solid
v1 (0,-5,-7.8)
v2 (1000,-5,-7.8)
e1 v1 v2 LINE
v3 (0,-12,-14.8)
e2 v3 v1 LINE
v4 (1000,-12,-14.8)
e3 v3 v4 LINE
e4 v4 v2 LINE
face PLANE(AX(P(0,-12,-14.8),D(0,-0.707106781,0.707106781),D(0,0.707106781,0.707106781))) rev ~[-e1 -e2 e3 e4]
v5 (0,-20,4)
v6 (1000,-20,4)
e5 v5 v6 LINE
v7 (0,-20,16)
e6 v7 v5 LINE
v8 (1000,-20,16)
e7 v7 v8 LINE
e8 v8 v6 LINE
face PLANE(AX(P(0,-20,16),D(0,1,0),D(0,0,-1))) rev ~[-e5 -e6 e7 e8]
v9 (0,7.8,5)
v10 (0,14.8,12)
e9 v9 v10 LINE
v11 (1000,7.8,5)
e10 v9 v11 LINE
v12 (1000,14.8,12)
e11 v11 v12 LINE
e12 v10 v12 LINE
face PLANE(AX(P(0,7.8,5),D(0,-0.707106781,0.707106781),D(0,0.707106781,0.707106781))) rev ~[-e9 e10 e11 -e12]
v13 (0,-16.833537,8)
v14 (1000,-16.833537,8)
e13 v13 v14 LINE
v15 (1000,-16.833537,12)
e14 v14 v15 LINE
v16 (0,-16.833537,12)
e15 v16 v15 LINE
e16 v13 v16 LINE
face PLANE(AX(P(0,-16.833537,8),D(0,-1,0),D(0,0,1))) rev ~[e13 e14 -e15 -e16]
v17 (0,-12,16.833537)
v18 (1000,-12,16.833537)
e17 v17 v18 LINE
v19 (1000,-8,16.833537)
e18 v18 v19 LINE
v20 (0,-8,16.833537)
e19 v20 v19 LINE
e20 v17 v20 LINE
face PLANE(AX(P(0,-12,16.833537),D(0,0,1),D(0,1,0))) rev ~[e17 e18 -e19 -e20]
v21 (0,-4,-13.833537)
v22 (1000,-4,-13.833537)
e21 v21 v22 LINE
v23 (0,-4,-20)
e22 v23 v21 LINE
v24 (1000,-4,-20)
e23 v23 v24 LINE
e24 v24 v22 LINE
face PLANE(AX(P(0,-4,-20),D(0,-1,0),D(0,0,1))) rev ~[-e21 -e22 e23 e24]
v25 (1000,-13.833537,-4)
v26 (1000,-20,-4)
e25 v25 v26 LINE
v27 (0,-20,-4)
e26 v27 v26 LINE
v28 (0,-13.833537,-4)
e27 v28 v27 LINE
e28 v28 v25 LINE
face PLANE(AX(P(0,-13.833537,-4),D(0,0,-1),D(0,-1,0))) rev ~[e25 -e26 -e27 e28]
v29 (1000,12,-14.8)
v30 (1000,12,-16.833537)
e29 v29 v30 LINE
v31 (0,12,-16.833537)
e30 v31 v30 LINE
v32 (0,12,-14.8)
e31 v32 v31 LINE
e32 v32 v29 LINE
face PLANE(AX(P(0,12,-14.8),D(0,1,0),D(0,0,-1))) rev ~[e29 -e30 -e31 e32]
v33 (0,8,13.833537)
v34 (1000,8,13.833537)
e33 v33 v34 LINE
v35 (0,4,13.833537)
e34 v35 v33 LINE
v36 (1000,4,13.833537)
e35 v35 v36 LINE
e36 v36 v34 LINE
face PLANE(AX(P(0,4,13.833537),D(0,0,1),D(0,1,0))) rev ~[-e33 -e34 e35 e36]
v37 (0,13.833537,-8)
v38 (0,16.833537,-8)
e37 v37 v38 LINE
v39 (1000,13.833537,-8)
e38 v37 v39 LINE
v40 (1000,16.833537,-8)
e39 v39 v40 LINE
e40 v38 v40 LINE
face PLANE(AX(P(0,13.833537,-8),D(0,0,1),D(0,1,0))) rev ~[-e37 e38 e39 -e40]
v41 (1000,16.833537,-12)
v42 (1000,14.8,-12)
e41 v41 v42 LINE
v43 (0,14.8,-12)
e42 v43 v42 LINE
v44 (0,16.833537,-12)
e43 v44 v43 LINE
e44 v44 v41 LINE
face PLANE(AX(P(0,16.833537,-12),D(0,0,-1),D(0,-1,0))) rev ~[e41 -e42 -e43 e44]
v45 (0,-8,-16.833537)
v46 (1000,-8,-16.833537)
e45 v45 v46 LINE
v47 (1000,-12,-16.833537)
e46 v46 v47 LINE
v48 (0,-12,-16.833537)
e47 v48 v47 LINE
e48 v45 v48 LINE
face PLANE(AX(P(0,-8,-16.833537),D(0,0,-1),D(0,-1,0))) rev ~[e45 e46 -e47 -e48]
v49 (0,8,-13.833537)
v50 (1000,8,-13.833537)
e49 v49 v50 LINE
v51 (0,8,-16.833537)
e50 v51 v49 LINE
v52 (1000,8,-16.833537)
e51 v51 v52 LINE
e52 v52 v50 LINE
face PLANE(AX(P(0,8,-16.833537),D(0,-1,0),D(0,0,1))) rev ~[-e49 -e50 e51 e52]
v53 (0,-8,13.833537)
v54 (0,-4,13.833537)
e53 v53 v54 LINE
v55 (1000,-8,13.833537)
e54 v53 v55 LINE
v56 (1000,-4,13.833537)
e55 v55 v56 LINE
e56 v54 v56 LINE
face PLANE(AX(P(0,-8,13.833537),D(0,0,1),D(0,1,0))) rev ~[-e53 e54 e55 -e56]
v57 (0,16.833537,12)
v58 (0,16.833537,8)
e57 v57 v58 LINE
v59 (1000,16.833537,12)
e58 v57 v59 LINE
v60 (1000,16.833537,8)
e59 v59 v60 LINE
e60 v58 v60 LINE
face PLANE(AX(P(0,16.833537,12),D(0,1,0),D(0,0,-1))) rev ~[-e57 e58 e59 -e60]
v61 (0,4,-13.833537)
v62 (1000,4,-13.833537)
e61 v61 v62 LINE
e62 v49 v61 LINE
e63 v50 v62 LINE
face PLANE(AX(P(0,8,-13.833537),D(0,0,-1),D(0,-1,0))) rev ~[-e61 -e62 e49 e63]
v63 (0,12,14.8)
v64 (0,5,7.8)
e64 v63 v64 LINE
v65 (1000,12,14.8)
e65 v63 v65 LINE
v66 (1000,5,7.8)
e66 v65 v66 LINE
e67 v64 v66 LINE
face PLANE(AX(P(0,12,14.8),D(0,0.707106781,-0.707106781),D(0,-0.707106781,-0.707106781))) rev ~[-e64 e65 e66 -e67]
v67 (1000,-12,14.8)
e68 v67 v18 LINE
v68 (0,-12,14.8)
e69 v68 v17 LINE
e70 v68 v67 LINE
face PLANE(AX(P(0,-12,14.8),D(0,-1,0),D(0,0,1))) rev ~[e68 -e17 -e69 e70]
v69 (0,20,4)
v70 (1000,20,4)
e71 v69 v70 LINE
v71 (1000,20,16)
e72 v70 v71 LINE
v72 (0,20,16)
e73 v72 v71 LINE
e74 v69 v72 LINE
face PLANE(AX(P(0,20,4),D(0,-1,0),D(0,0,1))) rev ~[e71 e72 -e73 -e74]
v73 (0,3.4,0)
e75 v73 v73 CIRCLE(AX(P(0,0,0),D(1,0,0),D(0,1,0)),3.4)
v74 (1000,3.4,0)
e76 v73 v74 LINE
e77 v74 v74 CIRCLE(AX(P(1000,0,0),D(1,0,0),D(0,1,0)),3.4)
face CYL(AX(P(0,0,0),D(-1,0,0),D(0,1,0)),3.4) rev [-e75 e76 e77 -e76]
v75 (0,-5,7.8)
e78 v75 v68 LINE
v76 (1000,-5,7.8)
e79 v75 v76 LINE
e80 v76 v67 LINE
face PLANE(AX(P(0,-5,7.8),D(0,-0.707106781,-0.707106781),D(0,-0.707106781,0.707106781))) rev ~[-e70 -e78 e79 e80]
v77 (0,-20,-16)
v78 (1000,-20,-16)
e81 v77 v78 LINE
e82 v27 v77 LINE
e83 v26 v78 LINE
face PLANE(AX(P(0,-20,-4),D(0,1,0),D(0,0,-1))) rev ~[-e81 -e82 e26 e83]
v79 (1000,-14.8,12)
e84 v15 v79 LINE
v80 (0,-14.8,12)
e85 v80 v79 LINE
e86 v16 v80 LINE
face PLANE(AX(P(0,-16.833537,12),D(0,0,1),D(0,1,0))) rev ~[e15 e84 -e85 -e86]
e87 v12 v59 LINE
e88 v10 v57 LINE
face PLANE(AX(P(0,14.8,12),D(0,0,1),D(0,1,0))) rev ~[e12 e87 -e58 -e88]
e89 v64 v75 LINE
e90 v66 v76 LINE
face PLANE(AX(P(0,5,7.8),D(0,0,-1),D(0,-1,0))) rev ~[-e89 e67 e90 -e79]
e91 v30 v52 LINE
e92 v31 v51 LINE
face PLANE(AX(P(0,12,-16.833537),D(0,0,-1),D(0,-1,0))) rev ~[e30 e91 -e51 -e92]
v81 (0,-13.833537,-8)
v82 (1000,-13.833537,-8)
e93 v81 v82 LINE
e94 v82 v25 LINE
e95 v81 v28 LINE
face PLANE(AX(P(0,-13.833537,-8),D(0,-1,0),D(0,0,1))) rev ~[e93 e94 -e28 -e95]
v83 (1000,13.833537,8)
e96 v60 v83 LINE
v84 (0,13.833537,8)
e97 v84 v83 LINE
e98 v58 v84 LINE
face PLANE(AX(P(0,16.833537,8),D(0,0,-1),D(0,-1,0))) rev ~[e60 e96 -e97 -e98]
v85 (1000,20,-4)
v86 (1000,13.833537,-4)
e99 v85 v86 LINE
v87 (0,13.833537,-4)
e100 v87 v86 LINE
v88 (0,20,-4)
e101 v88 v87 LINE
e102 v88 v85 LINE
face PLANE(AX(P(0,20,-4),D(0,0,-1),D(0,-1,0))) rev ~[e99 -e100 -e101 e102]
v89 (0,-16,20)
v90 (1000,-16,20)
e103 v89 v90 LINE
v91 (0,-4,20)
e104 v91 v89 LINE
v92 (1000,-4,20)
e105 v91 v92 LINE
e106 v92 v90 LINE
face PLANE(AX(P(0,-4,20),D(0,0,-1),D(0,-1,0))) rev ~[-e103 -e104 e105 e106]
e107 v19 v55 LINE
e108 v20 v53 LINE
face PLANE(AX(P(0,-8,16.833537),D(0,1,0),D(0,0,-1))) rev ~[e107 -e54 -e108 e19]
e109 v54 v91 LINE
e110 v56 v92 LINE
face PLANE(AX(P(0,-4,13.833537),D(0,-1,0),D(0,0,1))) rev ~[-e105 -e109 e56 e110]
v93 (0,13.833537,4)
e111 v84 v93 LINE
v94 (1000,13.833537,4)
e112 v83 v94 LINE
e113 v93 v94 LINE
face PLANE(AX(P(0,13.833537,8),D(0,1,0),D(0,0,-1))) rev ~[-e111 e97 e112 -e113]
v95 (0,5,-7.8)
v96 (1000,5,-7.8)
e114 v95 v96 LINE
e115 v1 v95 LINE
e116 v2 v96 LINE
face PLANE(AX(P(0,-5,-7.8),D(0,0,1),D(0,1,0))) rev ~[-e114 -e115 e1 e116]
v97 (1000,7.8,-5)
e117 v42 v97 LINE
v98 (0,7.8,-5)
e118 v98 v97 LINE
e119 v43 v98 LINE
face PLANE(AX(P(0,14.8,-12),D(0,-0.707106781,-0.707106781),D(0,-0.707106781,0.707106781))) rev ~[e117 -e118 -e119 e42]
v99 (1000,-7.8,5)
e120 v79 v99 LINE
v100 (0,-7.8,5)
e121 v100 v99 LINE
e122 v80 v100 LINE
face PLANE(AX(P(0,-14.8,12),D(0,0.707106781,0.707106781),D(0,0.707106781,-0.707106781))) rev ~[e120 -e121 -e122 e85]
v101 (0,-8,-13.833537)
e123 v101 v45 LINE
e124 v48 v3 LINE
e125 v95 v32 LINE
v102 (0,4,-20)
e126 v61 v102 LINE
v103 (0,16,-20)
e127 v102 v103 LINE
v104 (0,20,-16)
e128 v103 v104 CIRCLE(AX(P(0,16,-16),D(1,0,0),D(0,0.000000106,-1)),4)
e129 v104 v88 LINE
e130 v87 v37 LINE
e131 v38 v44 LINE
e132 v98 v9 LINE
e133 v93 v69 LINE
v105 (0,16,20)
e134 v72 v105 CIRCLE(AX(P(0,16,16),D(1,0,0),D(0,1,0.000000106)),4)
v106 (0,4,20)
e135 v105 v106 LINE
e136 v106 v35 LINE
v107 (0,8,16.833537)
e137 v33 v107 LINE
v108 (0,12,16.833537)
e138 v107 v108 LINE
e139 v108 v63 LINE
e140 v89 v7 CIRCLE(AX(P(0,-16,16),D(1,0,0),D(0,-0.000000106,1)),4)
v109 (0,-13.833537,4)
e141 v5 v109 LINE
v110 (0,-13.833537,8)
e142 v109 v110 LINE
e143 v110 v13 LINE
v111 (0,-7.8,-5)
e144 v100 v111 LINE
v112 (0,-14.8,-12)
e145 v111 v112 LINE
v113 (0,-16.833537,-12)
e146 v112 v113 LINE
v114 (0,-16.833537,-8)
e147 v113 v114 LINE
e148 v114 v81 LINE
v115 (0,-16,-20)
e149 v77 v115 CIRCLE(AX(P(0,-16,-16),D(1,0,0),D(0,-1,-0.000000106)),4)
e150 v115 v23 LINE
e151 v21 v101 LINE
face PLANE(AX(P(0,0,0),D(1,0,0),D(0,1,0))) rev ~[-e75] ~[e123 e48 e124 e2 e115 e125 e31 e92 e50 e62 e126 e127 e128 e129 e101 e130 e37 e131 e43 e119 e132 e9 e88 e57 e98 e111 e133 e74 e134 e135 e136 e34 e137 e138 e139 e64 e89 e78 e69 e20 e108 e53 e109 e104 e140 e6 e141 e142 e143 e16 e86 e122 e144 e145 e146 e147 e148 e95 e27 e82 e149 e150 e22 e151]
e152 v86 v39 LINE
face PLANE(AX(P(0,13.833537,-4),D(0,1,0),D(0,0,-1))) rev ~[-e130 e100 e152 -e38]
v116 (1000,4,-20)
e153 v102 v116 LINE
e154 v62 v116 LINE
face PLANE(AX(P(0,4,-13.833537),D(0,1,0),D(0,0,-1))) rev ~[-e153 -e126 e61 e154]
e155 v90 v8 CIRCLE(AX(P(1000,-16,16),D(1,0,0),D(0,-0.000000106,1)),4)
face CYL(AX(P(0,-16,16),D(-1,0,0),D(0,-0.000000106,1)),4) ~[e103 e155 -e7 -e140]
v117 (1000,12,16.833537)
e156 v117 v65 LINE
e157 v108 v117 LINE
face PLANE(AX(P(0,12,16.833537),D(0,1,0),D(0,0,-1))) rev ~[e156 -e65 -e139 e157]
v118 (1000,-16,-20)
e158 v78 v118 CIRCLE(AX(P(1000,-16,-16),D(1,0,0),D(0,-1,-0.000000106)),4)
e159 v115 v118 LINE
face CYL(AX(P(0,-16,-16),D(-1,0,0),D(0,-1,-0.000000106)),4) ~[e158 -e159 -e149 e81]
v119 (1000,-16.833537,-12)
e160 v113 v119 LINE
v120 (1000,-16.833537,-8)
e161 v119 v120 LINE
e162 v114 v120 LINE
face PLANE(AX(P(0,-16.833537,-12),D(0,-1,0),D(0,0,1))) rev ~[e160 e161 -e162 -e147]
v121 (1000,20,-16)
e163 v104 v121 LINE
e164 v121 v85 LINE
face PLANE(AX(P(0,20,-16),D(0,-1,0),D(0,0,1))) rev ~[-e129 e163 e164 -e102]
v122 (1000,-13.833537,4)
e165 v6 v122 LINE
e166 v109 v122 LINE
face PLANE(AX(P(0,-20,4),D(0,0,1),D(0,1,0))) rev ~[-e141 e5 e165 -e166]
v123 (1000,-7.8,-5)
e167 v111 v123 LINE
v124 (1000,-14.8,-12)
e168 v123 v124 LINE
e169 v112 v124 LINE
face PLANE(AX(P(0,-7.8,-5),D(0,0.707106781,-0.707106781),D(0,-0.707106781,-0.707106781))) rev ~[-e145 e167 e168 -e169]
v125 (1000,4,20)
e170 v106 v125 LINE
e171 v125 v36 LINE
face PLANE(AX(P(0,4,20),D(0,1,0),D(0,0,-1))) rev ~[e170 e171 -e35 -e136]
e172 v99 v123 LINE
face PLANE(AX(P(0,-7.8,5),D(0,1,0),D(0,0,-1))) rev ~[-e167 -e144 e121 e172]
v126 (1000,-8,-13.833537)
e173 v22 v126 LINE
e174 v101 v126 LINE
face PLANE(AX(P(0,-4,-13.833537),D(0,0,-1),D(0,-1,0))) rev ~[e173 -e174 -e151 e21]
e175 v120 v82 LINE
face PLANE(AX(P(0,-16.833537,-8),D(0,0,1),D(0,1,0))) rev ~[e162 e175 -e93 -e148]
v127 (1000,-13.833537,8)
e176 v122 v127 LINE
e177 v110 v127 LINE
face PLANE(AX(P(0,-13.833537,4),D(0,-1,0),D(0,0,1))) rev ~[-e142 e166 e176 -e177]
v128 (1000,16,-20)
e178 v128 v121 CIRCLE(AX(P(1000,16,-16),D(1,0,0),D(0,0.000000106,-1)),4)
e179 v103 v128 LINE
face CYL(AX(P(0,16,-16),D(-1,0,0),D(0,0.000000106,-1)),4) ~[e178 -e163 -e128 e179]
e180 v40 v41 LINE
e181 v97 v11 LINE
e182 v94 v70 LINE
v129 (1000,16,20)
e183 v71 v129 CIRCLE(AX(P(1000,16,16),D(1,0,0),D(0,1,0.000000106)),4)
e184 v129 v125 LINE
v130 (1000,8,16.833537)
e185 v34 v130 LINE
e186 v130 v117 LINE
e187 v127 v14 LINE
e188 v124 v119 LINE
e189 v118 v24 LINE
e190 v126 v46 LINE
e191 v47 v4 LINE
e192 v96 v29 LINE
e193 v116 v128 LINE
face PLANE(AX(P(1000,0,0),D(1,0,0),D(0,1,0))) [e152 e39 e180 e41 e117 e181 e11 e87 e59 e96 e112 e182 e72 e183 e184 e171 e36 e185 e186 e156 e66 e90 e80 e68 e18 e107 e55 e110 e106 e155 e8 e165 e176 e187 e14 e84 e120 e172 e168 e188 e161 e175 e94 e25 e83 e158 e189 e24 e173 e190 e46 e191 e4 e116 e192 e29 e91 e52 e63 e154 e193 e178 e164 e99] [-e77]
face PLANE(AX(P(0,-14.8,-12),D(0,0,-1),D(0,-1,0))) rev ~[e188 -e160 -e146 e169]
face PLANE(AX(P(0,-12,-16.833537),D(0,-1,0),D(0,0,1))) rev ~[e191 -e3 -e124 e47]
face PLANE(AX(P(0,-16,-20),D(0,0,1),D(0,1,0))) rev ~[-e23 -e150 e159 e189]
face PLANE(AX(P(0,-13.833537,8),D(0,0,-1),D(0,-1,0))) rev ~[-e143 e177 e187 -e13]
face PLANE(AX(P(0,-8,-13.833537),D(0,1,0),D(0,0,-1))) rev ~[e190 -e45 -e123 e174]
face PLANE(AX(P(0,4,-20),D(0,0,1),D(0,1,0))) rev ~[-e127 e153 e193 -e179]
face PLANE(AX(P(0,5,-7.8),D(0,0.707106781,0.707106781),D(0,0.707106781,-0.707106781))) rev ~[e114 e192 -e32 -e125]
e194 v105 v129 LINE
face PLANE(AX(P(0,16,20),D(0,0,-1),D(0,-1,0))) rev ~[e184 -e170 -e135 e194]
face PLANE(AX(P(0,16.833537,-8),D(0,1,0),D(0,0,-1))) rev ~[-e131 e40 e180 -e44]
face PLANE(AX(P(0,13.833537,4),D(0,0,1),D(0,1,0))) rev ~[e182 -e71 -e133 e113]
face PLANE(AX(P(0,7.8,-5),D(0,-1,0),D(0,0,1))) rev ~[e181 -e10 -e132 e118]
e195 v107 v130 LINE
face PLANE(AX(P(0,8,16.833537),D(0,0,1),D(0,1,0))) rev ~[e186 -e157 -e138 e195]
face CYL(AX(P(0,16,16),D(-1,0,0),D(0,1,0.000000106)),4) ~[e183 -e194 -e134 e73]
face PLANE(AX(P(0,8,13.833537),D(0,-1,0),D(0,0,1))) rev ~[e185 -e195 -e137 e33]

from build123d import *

# Parameters (mm, degrees)
F0_R     = 3.4
F1_DEPTH = 1000


with BuildPart() as f1:
    # F0 (on Right) → F1 (new body)
    with BuildSketch(Plane.YZ):
        with BuildLine():
            Line((5, 7.8), (-5, 7.8))
            Line((-5, 7.8), (-12, 14.8))
            Line((-12, 14.8), (-12, 16.833537))
            Line((-12, 16.833537), (-8, 16.833537))
            Line((-8, 16.833537), (-8, 13.833537))
            Line((-8, 13.833537), (-4, 13.833537))
            Line((-4, 13.833537), (-4, 20))
            Line((-4, 20), (-16, 20))
            ThreePointArc((-16, 20), (-18.828427, 18.828427), (-20, 16))
            Line((-20, 16), (-20, 4))
            Line((-20, 4), (-13.833537, 4))
            Line((-13.833537, 4), (-13.833537, 8))
            Line((-13.833537, 8), (-16.833537, 8))
            Line((-16.833537, 8), (-16.833537, 12))
            Line((-16.833537, 12), (-14.8, 12))
            Line((-14.8, 12), (-7.8, 5))
            Line((-7.8, 5), (-7.8, -5))
            Line((-7.8, -5), (-14.8, -12))
            Line((-14.8, -12), (-16.833537, -12))
            Line((-16.833537, -12), (-16.833537, -8))
            Line((-16.833537, -8), (-13.833537, -8))
            Line((-13.833537, -8), (-13.833537, -4))
            Line((-13.833537, -4), (-20, -4))
            Line((-20, -4), (-20, -16))
            ThreePointArc((-20, -16), (-18.828427, -18.828427), (-16, -20))
            Line((-16, -20), (-4, -20))
            Line((-4, -20), (-4, -13.833537))
            Line((-4, -13.833537), (-8, -13.833537))
            Line((-8, -13.833537), (-8, -16.833537))
            Line((-8, -16.833537), (-12, -16.833537))
            Line((-12, -16.833537), (-12, -14.8))
            Line((-12, -14.8), (-5, -7.8))
            Line((-5, -7.8), (5, -7.8))
            Line((5, -7.8), (12, -14.8))
            Line((12, -14.8), (12, -16.833537))
            Line((12, -16.833537), (8, -16.833537))
            Line((8, -16.833537), (8, -13.833537))
            Line((8, -13.833537), (4, -13.833537))
            Line((4, -13.833537), (4, -20))
            Line((4, -20), (16, -20))
            ThreePointArc((16, -20), (18.828427, -18.828427), (20, -16))
            Line((20, -16), (20, -4))
            Line((20, -4), (13.833537, -4))
            Line((13.833537, -4), (13.833537, -8))
            Line((13.833537, -8), (16.833537, -8))
            Line((16.833537, -8), (16.833537, -12))
            Line((16.833537, -12), (14.8, -12))
            Line((14.8, -12), (7.8, -5))
            Line((7.8, -5), (7.8, 5))
            Line((7.8, 5), (14.8, 12))
            Line((14.8, 12), (16.833537, 12))
            Line((16.833537, 12), (16.833537, 8))
            Line((16.833537, 8), (13.833537, 8))
            Line((13.833537, 8), (13.833537, 4))
            Line((13.833537, 4), (20, 4))
            Line((20, 4), (20, 16))
            ThreePointArc((20, 16), (18.828427, 18.828427), (16, 20))
            Line((16, 20), (4, 20))
            Line((4, 20), (4, 13.833537))
            Line((4, 13.833537), (8, 13.833537))
            Line((8, 13.833537), (8, 16.833537))
            Line((8, 16.833537), (12, 16.833537))
            Line((12, 16.833537), (12, 14.8))
            Line((12, 14.8), (5, 7.8))
        make_face()
        Circle(F0_R, mode=Mode.SUBTRACT)
    extrude(amount=F1_DEPTH)


solid = f1.part
